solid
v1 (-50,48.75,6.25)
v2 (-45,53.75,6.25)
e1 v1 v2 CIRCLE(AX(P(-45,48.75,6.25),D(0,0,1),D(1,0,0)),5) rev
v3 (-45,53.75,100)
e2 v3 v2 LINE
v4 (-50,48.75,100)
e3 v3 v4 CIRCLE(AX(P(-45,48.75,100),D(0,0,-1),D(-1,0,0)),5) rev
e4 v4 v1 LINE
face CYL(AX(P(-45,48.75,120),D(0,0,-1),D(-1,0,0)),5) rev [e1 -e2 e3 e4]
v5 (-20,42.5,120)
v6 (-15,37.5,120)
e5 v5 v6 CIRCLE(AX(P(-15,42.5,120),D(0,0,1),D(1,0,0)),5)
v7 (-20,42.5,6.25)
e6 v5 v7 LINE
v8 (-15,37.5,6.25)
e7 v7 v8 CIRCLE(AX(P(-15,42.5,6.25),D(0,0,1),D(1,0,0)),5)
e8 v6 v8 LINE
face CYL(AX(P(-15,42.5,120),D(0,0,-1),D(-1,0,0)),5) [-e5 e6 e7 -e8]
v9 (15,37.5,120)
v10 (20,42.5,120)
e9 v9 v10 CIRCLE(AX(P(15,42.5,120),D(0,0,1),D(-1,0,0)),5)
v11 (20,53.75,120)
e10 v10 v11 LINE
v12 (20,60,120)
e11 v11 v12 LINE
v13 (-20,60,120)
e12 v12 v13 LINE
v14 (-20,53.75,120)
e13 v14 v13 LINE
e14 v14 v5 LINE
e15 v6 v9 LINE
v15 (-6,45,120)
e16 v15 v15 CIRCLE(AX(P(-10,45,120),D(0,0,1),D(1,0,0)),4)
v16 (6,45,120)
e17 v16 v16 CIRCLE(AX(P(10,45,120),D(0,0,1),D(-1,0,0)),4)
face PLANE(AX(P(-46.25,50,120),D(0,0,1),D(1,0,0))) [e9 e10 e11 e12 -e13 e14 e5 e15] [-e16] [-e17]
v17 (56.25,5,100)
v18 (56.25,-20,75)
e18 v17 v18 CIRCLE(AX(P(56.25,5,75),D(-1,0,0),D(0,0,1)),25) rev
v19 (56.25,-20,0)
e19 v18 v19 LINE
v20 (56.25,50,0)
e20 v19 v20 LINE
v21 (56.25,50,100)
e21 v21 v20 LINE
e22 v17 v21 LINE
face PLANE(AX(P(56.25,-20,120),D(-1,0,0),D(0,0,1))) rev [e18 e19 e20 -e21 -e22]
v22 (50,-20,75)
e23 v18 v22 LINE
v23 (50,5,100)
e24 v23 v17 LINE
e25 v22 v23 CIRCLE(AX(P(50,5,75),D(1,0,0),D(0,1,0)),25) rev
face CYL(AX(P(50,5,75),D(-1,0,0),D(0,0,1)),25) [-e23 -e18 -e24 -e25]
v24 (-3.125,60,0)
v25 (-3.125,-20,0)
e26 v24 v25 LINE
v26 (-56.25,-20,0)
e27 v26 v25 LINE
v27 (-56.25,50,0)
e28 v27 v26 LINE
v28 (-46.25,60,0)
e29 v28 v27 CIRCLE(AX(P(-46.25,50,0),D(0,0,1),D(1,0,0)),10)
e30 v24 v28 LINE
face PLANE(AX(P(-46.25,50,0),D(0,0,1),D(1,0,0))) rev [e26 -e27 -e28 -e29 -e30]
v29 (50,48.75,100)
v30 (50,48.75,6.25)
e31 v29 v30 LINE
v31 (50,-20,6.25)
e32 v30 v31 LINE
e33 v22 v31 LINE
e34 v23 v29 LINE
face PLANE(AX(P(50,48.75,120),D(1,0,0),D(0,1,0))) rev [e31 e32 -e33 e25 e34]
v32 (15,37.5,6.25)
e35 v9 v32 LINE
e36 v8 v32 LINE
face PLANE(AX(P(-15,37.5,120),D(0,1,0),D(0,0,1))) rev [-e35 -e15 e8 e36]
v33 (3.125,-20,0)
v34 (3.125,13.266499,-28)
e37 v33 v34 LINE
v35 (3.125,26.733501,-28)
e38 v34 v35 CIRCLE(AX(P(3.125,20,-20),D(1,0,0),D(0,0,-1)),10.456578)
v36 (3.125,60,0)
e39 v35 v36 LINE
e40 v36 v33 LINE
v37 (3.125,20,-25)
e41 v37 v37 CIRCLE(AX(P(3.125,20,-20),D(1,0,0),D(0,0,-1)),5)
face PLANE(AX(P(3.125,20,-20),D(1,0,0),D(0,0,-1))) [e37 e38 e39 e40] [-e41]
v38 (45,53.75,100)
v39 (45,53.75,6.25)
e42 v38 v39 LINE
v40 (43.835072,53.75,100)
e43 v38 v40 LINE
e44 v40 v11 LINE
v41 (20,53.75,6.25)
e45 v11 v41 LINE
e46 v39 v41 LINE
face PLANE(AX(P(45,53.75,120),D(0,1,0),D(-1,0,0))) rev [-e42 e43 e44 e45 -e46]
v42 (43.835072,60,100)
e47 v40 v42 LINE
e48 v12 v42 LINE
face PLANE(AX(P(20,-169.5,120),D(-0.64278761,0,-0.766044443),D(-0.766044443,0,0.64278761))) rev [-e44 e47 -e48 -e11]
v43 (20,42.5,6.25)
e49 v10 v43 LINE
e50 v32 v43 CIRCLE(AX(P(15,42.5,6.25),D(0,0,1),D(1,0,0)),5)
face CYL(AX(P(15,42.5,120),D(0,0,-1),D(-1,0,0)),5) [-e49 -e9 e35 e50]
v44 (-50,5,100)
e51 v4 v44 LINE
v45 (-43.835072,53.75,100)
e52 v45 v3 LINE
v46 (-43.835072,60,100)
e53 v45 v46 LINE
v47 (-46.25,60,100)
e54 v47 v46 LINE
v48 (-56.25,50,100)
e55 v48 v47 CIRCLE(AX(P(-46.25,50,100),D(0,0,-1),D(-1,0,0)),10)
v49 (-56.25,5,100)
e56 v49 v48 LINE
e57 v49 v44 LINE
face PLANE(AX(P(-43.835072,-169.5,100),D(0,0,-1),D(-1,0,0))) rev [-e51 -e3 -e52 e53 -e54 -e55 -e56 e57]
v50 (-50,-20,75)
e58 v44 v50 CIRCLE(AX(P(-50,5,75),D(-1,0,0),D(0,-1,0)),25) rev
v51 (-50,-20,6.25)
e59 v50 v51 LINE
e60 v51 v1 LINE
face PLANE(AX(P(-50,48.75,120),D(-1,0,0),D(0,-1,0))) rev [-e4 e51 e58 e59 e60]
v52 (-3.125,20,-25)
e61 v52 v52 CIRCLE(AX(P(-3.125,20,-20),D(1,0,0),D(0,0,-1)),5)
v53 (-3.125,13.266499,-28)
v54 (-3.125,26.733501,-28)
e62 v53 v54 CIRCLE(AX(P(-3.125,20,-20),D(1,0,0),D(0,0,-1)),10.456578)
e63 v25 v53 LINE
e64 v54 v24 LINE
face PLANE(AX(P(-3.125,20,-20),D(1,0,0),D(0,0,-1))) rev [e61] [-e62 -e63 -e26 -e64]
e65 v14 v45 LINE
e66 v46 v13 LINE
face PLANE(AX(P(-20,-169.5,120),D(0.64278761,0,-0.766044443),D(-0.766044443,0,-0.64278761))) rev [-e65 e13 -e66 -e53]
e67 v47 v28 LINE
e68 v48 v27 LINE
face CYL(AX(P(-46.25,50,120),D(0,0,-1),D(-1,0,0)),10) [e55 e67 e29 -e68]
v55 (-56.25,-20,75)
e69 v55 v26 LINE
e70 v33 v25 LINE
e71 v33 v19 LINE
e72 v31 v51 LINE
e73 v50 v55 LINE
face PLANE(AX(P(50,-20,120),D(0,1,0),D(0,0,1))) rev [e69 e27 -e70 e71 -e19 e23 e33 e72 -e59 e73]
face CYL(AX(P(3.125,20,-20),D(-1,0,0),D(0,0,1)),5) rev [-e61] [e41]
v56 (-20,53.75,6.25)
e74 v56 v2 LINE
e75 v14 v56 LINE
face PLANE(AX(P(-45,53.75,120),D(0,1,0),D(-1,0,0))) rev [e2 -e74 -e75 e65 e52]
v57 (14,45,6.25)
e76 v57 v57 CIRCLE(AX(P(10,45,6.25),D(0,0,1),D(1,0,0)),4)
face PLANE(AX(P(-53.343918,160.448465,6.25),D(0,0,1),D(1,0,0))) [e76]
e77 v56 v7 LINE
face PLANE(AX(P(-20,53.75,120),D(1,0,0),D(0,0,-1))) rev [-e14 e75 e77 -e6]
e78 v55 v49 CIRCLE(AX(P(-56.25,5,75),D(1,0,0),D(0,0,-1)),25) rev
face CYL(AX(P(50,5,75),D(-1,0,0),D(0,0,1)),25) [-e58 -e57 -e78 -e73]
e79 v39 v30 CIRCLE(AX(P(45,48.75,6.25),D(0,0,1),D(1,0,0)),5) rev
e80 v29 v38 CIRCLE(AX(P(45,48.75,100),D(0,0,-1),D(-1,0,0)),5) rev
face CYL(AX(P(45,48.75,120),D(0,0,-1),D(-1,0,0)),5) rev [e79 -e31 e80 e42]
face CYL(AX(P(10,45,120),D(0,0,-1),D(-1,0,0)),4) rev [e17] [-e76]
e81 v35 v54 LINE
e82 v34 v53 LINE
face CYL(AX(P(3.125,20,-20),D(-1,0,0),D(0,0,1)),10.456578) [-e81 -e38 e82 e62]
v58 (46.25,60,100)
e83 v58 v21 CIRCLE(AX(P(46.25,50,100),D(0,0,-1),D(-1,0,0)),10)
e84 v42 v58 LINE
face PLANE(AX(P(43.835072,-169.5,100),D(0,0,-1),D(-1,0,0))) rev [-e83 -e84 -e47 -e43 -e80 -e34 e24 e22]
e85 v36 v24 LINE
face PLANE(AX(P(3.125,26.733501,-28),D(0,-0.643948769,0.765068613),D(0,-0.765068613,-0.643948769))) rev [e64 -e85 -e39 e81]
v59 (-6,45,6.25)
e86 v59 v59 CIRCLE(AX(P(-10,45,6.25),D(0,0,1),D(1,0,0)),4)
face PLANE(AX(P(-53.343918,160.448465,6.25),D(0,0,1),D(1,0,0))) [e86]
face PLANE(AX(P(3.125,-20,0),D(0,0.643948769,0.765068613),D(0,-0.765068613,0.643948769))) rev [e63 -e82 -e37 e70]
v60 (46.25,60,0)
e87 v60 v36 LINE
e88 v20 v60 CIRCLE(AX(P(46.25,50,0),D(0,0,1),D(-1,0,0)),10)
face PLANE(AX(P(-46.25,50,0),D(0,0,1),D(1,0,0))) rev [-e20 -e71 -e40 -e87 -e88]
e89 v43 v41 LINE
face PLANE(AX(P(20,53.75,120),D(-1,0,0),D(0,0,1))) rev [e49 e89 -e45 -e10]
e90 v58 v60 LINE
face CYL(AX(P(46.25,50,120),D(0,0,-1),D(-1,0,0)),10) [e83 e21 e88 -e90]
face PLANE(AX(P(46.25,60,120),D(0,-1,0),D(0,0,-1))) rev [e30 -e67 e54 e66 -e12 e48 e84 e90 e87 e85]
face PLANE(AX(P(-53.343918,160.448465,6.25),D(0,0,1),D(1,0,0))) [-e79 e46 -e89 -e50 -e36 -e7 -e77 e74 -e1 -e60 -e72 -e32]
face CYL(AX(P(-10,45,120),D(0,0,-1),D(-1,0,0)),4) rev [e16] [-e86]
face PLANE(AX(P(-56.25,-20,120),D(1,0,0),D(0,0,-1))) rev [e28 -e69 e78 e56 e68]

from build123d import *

# Parameters (mm, degrees)
SKETCH1_R           = 4
BOSS_EXTRUDE1_DEPTH = 120
CUT_EXTRUDE2_DEPTH  = 169.5
SKETCH4_R           = 5
BOSS_EXTRUDE3_DEPTH = 3.125
BOSS_EXTRUDE5_REACH = 156.803
SKETCH6_W           = 106.515256917
SKETCH6_H           = 6.25
FILLET1_R           = 25


with BuildPart() as part:
    # Sketch1 → Boss-Extrude1 (new body)
    with BuildSketch(Plane.XY):
        with BuildLine():
            Line((-45, 53.75), (-20, 53.75))
            Line((-20, 53.75), (-20, 42.5))
            ThreePointArc((-20, 42.5), (-18.535533906, 38.964466094), (-15, 37.5))
            Line((-15, 37.5), (15, 37.5))
            ThreePointArc((15, 37.5), (18.535533906, 38.964466094), (20, 42.5))
            Line((20, 42.5), (20, 53.75))
            Line((20, 53.75), (45, 53.75))
            ThreePointArc((45, 53.75), (48.535533906, 52.285533906), (50, 48.75))
            Line((50, 48.75), (50, -20))
            Line((50, -20), (56.25, -20))
            Line((56.25, -20), (56.25, 50))
            ThreePointArc((56.25, 50), (53.321067812, 57.071067812), (46.25, 60))
            Line((46.25, 60), (-46.25, 60))
            ThreePointArc((-46.25, 60), (-53.321067812, 57.071067812), (-56.25, 50))
            Line((-56.25, 50), (-56.25, -20))
            Line((-56.25, -20), (-50, -20))
            Line((-50, -20), (-50, 48.75))
            ThreePointArc((-50, 48.75), (-48.535533906, 52.285533906), (-45, 53.75))
        make_face()
        with Locations((-10, 45)):
            Circle(SKETCH1_R, mode=Mode.SUBTRACT)
        with Locations(Location((10, 45, 0), (0, 0, 180))):
            Circle(SKETCH1_R, mode=Mode.SUBTRACT)
    extrude(amount=BOSS_EXTRUDE1_DEPTH)

    # Sketch2 → Cut-Extrude2 (cut, symmetric)
    with BuildSketch(Plane(origin=(0, 0, 0), x_dir=(1, 0, 0), z_dir=(0, 1, 0))):
        Polygon((-20, -120), (-43.835071852, -100), (-56.25, -100), (-56.25, -170), (56.25, -170), (56.25, -100), (43.835071852, -100), (20, -120), align=None)
    extrude(amount=CUT_EXTRUDE2_DEPTH, both=True, mode=Mode.SUBTRACT)

    # Sketch4 → Boss-Extrude3 (add, symmetric)
    with BuildSketch(Plane(origin=(0, 0, 0), x_dir=(0, 0, -1), z_dir=(1, 0, 0))):
        with BuildLine():
            Line((0, 60), (0, -20))
            Line((0, -20), (28, 13.266499161))
            ThreePointArc((28, 13.266499161), (30.456578482, 20), (28, 26.733500839))
            Line((28, 26.733500839), (0, 60))
        make_face()
        with Locations((20, 20)):
            Circle(SKETCH4_R, mode=Mode.SUBTRACT)
    extrude(amount=BOSS_EXTRUDE3_DEPTH, both=True)

    # Boss-Extrude5: up to this face of the body (flat: up to its plane)
    boss_extrude5_end = Plane(part.part.faces().sort_by_distance((-32.103527113, 53.75, 54.932363347))[0])
    # Sketch6 → Boss-Extrude5 (add, up to the picked face)
    with BuildSketch(Plane.XZ.offset(20), mode=Mode.PRIVATE) as boss_extrude5_sk1:
        with Locations((-0.086289354, 3.125)):
            Rectangle(SKETCH6_W, SKETCH6_H)
    boss_extrude5_tool1 = split(extrude(boss_extrude5_sk1.sketch, amount=-BOSS_EXTRUDE5_REACH, mode=Mode.PRIVATE), bisect_by=boss_extrude5_end, keep=Keep.BOTH, mode=Mode.PRIVATE)
    add(boss_extrude5_tool1.solids().sort_by(Axis((-0.086289, -20, 3.125), (0, 1, 0)))[0])

    # Fillet1
    fillet1_edges = [part.edges().sort_by_distance(p)[0] for p in [
        (53.125, -20, 100),
        (-53.125, -20, 100),
    ]]
    fillet(fillet1_edges, radius=FILLET1_R)


solid = part.part
